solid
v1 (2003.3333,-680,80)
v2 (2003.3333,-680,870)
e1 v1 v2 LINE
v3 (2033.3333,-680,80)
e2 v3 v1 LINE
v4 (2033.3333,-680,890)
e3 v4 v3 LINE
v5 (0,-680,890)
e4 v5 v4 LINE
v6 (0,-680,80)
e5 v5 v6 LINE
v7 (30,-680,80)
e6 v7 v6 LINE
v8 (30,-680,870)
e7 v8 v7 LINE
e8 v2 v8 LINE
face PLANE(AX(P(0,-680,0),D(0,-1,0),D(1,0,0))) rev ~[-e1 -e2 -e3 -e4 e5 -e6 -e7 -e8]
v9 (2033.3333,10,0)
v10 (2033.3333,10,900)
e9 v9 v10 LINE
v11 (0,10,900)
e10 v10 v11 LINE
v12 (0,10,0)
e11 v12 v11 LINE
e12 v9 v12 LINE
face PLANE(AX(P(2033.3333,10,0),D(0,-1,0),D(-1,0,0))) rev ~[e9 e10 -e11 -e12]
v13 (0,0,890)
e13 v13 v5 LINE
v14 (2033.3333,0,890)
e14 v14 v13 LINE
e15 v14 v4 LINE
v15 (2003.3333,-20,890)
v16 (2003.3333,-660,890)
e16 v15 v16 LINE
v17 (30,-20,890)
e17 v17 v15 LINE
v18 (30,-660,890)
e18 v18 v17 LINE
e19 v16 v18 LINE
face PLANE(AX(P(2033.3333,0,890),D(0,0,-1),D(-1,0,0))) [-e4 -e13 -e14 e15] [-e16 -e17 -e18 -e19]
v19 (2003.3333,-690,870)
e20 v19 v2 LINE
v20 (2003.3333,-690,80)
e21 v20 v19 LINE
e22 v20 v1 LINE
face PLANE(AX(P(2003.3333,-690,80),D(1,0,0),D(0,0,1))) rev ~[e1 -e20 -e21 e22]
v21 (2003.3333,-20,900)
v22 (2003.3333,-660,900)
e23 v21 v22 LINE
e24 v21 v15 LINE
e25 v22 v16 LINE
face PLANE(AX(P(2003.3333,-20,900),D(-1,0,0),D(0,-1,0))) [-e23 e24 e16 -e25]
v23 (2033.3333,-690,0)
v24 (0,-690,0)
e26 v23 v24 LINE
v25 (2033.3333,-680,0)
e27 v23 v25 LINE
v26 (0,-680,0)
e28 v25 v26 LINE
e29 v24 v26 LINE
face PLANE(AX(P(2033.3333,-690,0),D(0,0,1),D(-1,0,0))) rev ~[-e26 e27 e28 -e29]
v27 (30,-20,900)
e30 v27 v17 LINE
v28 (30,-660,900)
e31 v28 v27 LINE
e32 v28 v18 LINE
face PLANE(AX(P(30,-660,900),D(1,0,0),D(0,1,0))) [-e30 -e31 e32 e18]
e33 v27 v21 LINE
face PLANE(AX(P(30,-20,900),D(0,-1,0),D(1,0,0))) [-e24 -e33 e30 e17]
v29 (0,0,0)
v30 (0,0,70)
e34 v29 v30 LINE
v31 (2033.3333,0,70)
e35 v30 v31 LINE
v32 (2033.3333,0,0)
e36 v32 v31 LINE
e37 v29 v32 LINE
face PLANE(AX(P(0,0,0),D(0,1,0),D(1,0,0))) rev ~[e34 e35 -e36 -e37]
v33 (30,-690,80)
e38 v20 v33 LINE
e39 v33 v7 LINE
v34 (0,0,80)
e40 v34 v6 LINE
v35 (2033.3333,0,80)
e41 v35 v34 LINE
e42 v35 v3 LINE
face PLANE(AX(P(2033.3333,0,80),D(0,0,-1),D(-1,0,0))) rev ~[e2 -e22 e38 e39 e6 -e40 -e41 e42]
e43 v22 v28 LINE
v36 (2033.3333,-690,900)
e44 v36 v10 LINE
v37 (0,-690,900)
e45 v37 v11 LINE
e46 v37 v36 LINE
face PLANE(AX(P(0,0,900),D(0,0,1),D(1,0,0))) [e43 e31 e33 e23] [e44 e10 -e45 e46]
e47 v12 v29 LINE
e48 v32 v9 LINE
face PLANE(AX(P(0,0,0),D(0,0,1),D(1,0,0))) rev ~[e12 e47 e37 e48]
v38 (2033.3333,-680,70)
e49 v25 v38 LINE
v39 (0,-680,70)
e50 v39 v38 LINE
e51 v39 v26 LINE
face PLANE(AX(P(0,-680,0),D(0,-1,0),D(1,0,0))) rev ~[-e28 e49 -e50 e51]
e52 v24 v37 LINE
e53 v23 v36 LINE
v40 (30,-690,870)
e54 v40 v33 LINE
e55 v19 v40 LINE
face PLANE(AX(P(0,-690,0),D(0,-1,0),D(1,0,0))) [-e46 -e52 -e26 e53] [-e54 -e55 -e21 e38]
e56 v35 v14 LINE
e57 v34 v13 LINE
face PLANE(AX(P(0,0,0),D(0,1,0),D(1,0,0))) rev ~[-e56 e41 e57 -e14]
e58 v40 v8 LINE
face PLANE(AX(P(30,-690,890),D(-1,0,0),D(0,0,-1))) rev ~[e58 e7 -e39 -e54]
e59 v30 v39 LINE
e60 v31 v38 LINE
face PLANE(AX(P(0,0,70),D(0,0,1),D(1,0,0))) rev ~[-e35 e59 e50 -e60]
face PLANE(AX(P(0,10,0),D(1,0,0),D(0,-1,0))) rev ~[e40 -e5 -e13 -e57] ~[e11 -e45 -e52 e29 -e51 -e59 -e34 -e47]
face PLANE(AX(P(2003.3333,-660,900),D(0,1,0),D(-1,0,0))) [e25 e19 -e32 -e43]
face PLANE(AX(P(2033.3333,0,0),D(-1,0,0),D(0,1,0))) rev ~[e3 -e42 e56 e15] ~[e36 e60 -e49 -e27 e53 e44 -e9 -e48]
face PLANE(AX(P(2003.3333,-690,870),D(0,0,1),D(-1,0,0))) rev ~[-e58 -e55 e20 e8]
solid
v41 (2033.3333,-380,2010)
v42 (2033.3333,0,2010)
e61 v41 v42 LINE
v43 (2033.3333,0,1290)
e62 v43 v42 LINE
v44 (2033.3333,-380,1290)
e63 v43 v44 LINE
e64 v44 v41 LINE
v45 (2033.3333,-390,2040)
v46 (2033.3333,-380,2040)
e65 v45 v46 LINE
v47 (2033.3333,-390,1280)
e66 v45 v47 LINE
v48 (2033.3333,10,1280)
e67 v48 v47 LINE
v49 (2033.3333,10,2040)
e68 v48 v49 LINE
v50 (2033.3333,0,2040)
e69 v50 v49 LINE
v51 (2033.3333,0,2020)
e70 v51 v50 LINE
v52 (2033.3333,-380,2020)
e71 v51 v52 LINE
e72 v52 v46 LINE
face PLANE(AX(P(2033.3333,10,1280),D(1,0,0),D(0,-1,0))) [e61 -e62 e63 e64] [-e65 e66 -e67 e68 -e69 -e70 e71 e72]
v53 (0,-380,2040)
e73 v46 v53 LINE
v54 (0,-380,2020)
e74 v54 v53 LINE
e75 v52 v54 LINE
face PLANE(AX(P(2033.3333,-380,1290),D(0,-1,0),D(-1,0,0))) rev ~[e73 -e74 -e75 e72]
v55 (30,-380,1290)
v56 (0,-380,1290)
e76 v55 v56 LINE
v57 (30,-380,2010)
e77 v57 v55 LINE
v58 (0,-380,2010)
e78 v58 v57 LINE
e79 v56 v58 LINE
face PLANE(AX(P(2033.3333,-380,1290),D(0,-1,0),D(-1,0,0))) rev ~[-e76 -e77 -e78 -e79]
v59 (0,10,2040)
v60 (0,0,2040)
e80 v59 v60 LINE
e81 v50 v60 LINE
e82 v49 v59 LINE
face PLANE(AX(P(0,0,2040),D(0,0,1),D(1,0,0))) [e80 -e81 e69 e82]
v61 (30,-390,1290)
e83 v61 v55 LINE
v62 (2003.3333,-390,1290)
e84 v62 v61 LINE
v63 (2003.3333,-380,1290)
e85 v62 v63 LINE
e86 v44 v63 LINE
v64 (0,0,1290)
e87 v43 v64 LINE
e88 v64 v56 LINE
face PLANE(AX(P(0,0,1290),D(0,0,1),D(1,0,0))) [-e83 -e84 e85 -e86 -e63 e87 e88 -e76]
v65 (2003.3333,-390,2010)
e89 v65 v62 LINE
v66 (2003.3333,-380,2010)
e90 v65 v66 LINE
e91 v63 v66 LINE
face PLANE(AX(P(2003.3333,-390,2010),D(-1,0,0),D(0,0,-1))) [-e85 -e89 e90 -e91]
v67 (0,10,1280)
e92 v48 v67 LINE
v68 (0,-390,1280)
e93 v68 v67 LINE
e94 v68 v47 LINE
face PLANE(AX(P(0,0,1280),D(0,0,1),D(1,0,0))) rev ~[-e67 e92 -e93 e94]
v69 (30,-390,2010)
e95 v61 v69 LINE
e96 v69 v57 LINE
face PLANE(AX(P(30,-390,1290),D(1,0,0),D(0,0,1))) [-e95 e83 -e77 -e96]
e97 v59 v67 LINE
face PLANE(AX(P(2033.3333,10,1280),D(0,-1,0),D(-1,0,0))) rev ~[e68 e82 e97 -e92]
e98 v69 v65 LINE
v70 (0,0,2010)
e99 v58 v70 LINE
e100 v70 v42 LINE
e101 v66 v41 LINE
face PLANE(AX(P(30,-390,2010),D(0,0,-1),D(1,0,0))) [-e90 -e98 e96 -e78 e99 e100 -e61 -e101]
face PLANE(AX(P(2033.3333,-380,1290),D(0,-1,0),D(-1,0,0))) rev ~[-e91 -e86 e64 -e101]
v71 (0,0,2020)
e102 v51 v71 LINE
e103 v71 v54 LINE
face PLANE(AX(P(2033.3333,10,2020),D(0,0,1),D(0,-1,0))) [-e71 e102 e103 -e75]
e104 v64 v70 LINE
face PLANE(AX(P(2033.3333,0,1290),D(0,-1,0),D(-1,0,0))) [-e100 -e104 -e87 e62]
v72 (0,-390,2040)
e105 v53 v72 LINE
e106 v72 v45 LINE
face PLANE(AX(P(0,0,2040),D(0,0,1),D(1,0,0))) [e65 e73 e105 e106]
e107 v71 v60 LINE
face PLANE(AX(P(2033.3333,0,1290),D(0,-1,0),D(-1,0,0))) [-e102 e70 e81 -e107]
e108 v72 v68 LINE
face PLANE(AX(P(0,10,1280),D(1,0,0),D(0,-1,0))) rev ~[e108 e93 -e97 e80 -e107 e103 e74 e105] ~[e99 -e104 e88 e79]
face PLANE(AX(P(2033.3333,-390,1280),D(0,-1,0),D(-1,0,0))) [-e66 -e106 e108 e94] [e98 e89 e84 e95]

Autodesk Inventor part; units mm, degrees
ref_plane "YZ Plane" through (0, 0, 0) normal (1, 0, 0) x (0, 1, 0)
ref_plane "XZ Plane" through (0, 0, 0) normal (0, 1, 0) x (-1, 0, 0)
sketch "Sketch1" plane through (0, 0, 0) normal (0, 0, 1) x (1, 0, 0)
  line L0 (0, 0) -> (2033.3333, 0)
  line L1 (2033.3333, 0) -> (2033.3333, 10)
  line L2 (2033.3333, 10) -> (0, 10)
  line L3 (0, 10) -> (0, 0)
  dimension "ancho" = 2033.3333
  dimension "espesor" = 10
extrude "Extrusion1" add sketch "Sketch1" along normal blind 900
sketch "Sketch2" plane through (0, 0, 0) normal (0, -1, 0) x (1, 0, 0)
  line L0 (0, 0) -> (2033.3333, 0) construction
  line L1 (2033.3333, 0) -> (2033.3333, 900) construction
  line L2 (0, 900) -> (2033.3333, 900) construction
  line L3 (0, 0) -> (0, 900) construction
  line L4 (0, 0) -> (0, 900) projected
  line L5 (0, 70) -> (2033.3333, 70)
  line L6 (2033.3333, 70) -> (2033.3333, 80)
  line L7 (2033.3333, 80) -> (0, 80)
  line L8 (0, 80) -> (0, 70)
  line L9 (0, 900) -> (2033.3333, 900) projected
  line L10 (2033.3333, 0) -> (2033.3333, 900) projected
  line L11 (0, 900) -> (2033.3333, 900)
  line L12 (2033.3333, 900) -> (2033.3333, 890)
  line L13 (2033.3333, 890) -> (0, 890)
  line L14 (0, 890) -> (0, 900)
  dimension "d5" = 10
  dimension "d6" = 10
  dimension "d7" = 80
extrude "Extrusion2" add sketch "Sketch2" along normal blind 690 contours L4 L7 L6 L5 | L4 L9 L10 L13
sketch "Sketch3" plane through (0, 0, 900) normal (0, 0, 1) x (1, 0, 0)
  line L0 (2033.3333, 10) -> (2033.3333, -690) projected
  line L1 (2033.3333, 10) -> (0, 10) projected
  line L2 (0, 10) -> (0, -690) projected
  line L3 (2033.3333, -690) -> (0, -690) projected
  line L4 (30, -660) -> (30, -20)
  line L5 (30, -20) -> (2003.3333, -20)
  line L6 (2003.3333, -20) -> (2003.3333, -660)
  line L7 (2003.3333, -660) -> (30, -660)
  point P0 (0, 0)
  dimension "d10" = 30
extrude "Extrusion3" cut sketch "Sketch3" against normal up to next contours L4 L5 L6 L7
sketch "Sketch4" plane through (0, -690, 0) normal (0, -1, 0) x (1, 0, 0)
  line L0 (0, 70) -> (2033.3333, 70) construction
  line L1 (2033.3333, 70) -> (2033.3333, 80) construction
  line L2 (2033.3333, 80) -> (0, 80) construction
  line L3 (0, 80) -> (0, 70) construction
  line L4 (0, 900) -> (0, 890) construction
  line L5 (0, 890) -> (2033.3333, 890) construction
  line L6 (2033.3333, 890) -> (2033.3333, 900) construction
  line L7 (2033.3333, 900) -> (0, 900) construction
  line L8 (2033.3333, 70) -> (0, 70) construction
  line L9 (0, 0) -> (0, 70) construction
  line L10 (0, 0) -> (2033.3333, 0) construction
  line L11 (2033.3333, 0) -> (2033.3333, 70) construction
  line L12 (0, 900) -> (2033.3333, 900)
  line L13 (2033.3333, 900) -> (2033.3333, 0)
  line L14 (2033.3333, 0) -> (0, 0)
  line L15 (0, 0) -> (0, 900)
  line L16 (2033.3333, 80) -> (0, 80) projected
  line L17 (30, 80) -> (2003.3333, 80)
  line L18 (2003.3333, 80) -> (2003.3333, 890)
  line L19 (2003.3333, 890) -> (30, 890)
  line L20 (30, 890) -> (30, 80)
  dimension "d13" = 30
  dimension "d14" = 30
extrude "Extrusion4" add sketch "Sketch4" against normal blind 10 contours L12 L13 L16 L18 L19 L20 L15 | L16 L13 L14 L15
ref_plane "Work Plane1" through (0, 0, 1280) normal (0, 0, 1) x (1, 0, 0)
sketch "Sketch5" plane through (0, 0, 1280) normal (0, 0, 1) x (1, 0, 0)
  line L0 (2033.3333, 10) -> (0, 10) projected
  line L1 (0, 10) -> (0, -690) projected
  line L2 (2033.3333, 10) -> (2033.3333, -690) projected
  line L3 (2033.3333, -690) -> (0, -690) projected
  line L4 (0, 10) -> (2033.3333, 10)
  line L5 (2033.3333, 10) -> (2033.3333, -390)
  line L6 (2033.3333, -390) -> (0, -390)
  line L7 (0, -390) -> (0, 10)
  line L8 (2003.3333, -660) -> (2003.3333, -20) projected
  line L9 (0, -390) -> (2003.3333, -390)
  line L10 (2003.3333, -390) -> (2003.3333, -380)
  line L11 (2003.3333, -380) -> (0, -380)
  line L12 (0, -380) -> (0, -390)
  point P0 (0, 0)
  dimension "d36" = 2033.3333
  dimension "profundidad2" = 400
  dimension "d39" = 10
extrude "Extrusion5" add sketch "Sketch5" along normal blind 10 contours L2 L6 L8 L11 L1 L0 | L11 L8 L6 L1
sketch "Sketch9" plane through (0, -690, 0) normal (0, -1, 0) x (1, 0, 0)
  line L0 (30, 890) -> (2003.3333, 890) construction
  line L1 (2003.3333, 80) -> (30, 80) construction
  line L2 (0, 900) -> (0, 0) construction
  line L3 (2033.3333, 0) -> (0, 0) construction
  line L4 (2033.3333, 900) -> (2033.3333, 0) construction
  line L5 (2033.3333, 900) -> (0, 900) construction
  line L6 (2033.3333, 70) -> (2033.3333, 0) projected
  line L7 (0, 900) -> (2033.3333, 900)
  line L8 (2033.3333, 900) -> (2033.3333, 870)
  line L9 (2033.3333, 870) -> (0, 870)
  line L10 (0, 870) -> (0, 900)
  line L11 (2003.3333, 890) -> (2003.3333, 80) projected
  line L12 (30, 80) -> (30, 890) projected
  point P0 (2033.3333, 890)
  point P1 (2033.3333, 80)
  dimension "d32" = 30
extrude "Extrusion9" add sketch "Sketch9" against normal blind 10
sketch "Boceto10" plane through (0, 0, 1290) normal (0, 0, 1) x (1, 0, 0)
  line L0 (0, 10) -> (0, -390) projected
  line L1 (0, -390) -> (2033.3333, -390) projected
  line L2 (2033.3333, -390) -> (2033.3333, 10) projected
  line L3 (2033.3333, 10) -> (0, 10) projected
  line L4 (2033.3333, 10) -> (2033.3333, -690) projected
  line L5 (0, -390) -> (2033.3333, -390)
  line L6 (2033.3333, -390) -> (2033.3333, -380)
  line L7 (2033.3333, -380) -> (0, -380)
  line L8 (0, -380) -> (0, -390)
  line L9 (0, 10) -> (2033.3333, 10)
  line L10 (2033.3333, 10) -> (2033.3333, 0)
  line L11 (2033.3333, 0) -> (0, 0)
  line L12 (0, 0) -> (0, 10)
  point P0 (0, 0)
  dimension "d40" = 10
  dimension "d41" = 10
extrude "Extrusión10" add sketch "Boceto10" along normal blind 750 contours L3 L2 L11 L0 | L7 L2 L1 L0
sketch "Boceto11" plane through (0, -390, 1280) normal (0, -1, 0) x (1, 0, 0)
  line L0 (0, 760) -> (2033.3333, 760) projected
  line L1 (2033.3333, 0) -> (2033.3333, 760) projected
  line L2 (0, 760) -> (2033.3333, 760) projected
  line L3 (0, 0) -> (0, 760) projected
  line L4 (30, 730) -> (2003.3333, 730)
  line L5 (2003.3333, 730) -> (2003.3333, 10)
  line L6 (2003.3333, 10) -> (30, 10)
  line L7 (30, 10) -> (30, 730)
  line L8 (0, 0) -> (2033.3333, 0) projected
  point P0 (0, -1280)
  dimension "d44" = 30
  dimension "d45" = 30
  dimension "d46" = 30
extrude "Extrusión11" cut sketch "Boceto11" against normal up to next contours L4 L5 L6 L7
sketch "Sketch13" plane through (2033.3333, -390, 1280) normal (1, 0, 0) x (0, 0, -1)
  line L0 (0, 0) -> (0, 400) construction
  line L1 (0, 400) -> (-760, 400) construction
  line L2 (-10, 390) -> (-760, 390) construction
  line L3 (-10, 10) -> (-760, 10) construction
  line L4 (-760, 0) -> (-760, 10) construction
  line L5 (0, 0) -> (-760, 0) construction
  line L6 (1280, 400) -> (-760, 400) projected
  line L7 (-740, 0) -> (-730, 0)
  line L8 (-730, 0) -> (-730, 400)
  line L9 (-730, 400) -> (-740, 400)
  line L10 (-740, 400) -> (-740, 0)
  line L11 (-760, 390) -> (-760, 400) projected
  line L12 (-10, 10) -> (-10, 390) projected
  point P0 (1280, 390)
  point P1 (1030, 400)
  dimension "d53" = 10
  dimension "d54" = 20
extrude "Extrusion13" add sketch "Sketch13" against normal blind 2033.3333
equation "\"d5\" = espesor"
equation "\"d6\" = espesor"
equation "\"d10\" = 3 * espesor"
equation "\"d13\" = 3 * espesor"
equation "\"d14\" = 3 * espesor"
equation "\"d15\" = espesor"
equation "\"d36\" = ancho"
equation "\"d39\" = espesor"
equation "\"d18\" = espesor"
equation "\"d32\" = 3 * espesor"
equation "\"d33\" = espesor"
equation "\"d40\" = espesor"
equation "\"d41\" = espesor"
equation "\"d44\" = 3 * espesor"
equation "\"d45\" = 3 * espesor"
equation "\"d46\" = 3 * espesor"
equation "\"d53\" = espesor"
equation "\"d54\" = 2 * espesor"
equation "\"d55\" = ancho"
properties part number "esqueleto_mueble"
